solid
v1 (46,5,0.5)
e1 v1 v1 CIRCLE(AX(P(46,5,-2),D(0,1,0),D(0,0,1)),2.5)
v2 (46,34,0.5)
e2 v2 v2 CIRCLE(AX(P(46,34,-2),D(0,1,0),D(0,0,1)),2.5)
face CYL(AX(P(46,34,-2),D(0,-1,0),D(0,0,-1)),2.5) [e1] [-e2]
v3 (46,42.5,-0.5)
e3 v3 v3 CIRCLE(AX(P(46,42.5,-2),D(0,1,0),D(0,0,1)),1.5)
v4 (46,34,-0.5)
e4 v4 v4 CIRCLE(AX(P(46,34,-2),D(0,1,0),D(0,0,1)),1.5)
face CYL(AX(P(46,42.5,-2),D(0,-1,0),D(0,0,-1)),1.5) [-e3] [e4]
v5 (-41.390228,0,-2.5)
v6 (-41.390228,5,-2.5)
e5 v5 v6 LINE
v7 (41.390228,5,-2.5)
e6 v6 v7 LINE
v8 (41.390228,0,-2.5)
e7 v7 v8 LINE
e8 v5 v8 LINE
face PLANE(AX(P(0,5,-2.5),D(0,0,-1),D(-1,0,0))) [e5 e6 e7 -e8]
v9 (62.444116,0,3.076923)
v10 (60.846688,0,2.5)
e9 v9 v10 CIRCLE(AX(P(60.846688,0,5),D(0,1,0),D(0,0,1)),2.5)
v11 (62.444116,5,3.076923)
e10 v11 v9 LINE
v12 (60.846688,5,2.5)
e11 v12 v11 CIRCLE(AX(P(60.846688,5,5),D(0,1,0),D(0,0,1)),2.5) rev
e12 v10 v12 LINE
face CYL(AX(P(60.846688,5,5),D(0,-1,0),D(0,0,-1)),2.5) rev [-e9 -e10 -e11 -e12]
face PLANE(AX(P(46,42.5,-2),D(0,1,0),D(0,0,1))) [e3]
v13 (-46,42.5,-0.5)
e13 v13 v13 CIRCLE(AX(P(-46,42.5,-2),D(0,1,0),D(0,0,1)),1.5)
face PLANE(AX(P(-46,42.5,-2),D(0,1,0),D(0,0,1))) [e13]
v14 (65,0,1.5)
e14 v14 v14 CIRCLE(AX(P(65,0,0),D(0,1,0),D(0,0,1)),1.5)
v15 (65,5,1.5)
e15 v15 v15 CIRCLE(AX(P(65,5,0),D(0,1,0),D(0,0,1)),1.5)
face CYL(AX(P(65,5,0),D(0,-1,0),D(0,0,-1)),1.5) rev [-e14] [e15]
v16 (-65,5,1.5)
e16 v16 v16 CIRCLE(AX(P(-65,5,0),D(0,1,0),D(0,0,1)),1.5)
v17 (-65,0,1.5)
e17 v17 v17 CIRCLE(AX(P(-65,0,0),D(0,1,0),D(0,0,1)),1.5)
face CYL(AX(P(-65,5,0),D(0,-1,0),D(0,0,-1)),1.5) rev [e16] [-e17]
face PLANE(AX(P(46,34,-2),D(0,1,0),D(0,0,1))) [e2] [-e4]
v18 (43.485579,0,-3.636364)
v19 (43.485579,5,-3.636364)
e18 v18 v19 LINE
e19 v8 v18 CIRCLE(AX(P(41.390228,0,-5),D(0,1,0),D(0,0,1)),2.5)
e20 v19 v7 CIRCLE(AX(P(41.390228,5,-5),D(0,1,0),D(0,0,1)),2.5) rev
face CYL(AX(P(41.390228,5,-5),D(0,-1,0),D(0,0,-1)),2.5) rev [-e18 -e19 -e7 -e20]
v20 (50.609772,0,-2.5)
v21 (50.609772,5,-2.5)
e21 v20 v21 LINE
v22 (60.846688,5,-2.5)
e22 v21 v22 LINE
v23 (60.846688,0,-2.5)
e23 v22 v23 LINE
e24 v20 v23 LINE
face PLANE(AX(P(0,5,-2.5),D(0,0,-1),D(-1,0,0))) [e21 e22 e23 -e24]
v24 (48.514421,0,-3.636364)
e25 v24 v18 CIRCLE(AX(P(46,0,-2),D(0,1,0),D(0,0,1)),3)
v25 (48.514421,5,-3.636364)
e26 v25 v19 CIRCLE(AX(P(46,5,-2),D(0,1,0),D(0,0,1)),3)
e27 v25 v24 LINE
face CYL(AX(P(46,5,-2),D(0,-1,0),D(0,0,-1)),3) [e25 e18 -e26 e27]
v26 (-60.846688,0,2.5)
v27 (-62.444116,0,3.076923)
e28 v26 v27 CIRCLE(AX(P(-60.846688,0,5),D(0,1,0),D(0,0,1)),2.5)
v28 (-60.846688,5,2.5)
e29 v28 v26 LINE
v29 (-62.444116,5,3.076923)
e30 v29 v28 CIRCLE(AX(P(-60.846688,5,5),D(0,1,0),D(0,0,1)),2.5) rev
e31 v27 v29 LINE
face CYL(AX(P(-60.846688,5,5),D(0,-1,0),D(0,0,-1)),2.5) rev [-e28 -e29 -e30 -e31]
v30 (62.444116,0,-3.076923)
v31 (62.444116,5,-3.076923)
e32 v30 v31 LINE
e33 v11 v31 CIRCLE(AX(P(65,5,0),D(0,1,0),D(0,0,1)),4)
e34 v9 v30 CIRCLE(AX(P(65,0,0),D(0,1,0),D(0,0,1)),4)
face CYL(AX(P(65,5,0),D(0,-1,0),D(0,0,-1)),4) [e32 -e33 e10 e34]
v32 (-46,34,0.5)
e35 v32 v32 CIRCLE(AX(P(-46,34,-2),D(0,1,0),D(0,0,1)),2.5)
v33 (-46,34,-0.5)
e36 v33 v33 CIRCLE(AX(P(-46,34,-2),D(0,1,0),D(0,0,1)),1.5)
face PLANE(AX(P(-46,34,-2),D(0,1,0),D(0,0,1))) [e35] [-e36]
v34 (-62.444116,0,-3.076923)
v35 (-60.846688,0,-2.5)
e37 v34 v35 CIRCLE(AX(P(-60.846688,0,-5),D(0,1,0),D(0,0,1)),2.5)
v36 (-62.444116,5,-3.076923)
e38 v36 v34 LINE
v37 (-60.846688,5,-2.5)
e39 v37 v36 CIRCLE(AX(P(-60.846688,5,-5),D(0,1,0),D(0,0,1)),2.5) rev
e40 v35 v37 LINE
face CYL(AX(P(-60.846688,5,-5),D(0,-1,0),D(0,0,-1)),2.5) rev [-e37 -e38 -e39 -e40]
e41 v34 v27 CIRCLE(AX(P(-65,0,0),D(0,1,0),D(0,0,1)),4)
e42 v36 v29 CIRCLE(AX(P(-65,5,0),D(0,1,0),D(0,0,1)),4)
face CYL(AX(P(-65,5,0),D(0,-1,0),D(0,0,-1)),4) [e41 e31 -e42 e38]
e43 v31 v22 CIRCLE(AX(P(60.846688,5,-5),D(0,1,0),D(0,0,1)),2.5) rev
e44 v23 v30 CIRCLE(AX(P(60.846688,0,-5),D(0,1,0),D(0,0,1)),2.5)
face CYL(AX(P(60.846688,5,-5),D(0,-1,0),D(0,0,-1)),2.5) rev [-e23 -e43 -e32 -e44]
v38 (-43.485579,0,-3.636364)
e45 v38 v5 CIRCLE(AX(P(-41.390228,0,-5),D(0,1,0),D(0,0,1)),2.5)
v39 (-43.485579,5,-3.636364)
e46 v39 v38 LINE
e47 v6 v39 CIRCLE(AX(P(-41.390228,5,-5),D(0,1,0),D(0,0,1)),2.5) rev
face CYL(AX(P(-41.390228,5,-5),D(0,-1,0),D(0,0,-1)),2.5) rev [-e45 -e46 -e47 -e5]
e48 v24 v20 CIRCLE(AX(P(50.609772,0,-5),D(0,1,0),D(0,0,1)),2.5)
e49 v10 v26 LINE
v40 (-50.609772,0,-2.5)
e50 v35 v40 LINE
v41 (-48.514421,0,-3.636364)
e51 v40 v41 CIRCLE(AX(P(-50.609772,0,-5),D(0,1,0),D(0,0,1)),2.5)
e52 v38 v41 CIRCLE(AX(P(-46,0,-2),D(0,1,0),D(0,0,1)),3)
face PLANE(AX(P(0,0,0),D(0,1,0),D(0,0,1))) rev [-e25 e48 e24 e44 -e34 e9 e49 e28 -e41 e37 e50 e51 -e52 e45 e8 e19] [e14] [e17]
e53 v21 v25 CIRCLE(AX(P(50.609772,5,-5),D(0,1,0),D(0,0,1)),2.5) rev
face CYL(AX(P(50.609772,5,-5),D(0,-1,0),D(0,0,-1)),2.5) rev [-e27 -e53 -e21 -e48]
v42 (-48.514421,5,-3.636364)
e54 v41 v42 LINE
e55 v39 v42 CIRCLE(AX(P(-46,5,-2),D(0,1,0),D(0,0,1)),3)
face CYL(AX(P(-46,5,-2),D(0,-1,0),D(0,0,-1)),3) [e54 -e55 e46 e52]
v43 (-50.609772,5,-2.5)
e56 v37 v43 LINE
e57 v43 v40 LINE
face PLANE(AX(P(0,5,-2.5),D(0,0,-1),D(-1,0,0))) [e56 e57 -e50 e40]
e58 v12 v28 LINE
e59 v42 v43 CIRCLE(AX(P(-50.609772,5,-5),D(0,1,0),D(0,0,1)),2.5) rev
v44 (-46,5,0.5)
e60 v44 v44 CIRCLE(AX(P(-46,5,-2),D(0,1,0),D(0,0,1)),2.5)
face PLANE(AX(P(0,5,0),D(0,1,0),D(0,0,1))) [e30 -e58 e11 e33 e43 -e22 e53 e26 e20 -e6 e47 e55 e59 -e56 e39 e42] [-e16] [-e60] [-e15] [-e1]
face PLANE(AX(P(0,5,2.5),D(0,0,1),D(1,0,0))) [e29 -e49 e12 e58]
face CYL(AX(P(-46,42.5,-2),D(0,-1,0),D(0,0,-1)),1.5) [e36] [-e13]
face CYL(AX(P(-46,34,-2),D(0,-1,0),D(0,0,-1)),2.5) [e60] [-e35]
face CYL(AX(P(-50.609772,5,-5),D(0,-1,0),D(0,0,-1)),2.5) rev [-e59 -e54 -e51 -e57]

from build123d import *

# Parameters (mm, degrees)
SKETCH1_R           = 1.5
BOSS_EXTRUDE1_DEPTH = 5
FILLET1_R           = 2.5
SKETCH2_R           = 2.5
BOSS_EXTRUDE2_DEPTH = 29
SKETCH3_R           = 1.5
BOSS_EXTRUDE3_DEPTH = 8.5


with BuildPart() as part:
    # Sketch1 → Boss-Extrude1 (new body)
    with BuildSketch(Plane(origin=(0, 0, 0), x_dir=(1, 0, 0), z_dir=(0, 1, 0))):
        with BuildLine():
            Line((-48.958039892, 2.5), (-61.877501001, 2.5))
            ThreePointArc((-61.877501001, 2.5), (-69, 0), (-61.877501001, -2.5))
            Line((-61.877501001, -2.5), (61.877501001, -2.5))
            ThreePointArc((61.877501001, -2.5), (69, 0), (61.877501001, 2.5))
            Line((61.877501001, 2.5), (48.958039892, 2.5))
            ThreePointArc((48.958039892, 2.5), (46, 5), (43.041960108, 2.5))
            Line((43.041960108, 2.5), (-43.041960108, 2.5))
            ThreePointArc((-43.041960108, 2.5), (-46, 5), (-48.958039892, 2.5))
        make_face()
        with Locations((-65, 0)):
            Circle(SKETCH1_R, mode=Mode.SUBTRACT)
        with Locations((65, 0)):
            Circle(SKETCH1_R, mode=Mode.SUBTRACT)
    extrude(amount=BOSS_EXTRUDE1_DEPTH)

    # Fillet1
    fillet1_edges = [part.edges().sort_by_distance(p)[0] for p in [
        (61.877501001, 2.5, -2.5),
        (61.877501001, 2.5, 2.5),
        (-61.877501001, 2.5, 2.5),
        (-61.877501001, 2.5, -2.5),
        (-48.958039892, 2.5, -2.5),
        (-43.041960108, 2.5, -2.5),
        (43.041960108, 2.5, -2.5),
        (48.958039892, 2.5, -2.5),
    ]]
    fillet(fillet1_edges, radius=FILLET1_R)

    # Sketch2 → Boss-Extrude2 (add)
    with BuildSketch(Plane(origin=(0, 5, 0), x_dir=(1, 0, 0), z_dir=(0, 1, 0))):
        with Locations((-46, 2)):
            Circle(SKETCH2_R)
        with Locations((46, 2)):
            Circle(SKETCH2_R)
    extrude(amount=BOSS_EXTRUDE2_DEPTH)

    # Sketch3 → Boss-Extrude3 (add)
    with BuildSketch(Plane(origin=(0, 34, 0), x_dir=(1, 0, 0), z_dir=(0, 1, 0))):
        with Locations((-46, 2)):
            Circle(SKETCH3_R)
        with Locations((46, 2)):
            Circle(SKETCH3_R)
    extrude(amount=BOSS_EXTRUDE3_DEPTH)


solid = part.part
